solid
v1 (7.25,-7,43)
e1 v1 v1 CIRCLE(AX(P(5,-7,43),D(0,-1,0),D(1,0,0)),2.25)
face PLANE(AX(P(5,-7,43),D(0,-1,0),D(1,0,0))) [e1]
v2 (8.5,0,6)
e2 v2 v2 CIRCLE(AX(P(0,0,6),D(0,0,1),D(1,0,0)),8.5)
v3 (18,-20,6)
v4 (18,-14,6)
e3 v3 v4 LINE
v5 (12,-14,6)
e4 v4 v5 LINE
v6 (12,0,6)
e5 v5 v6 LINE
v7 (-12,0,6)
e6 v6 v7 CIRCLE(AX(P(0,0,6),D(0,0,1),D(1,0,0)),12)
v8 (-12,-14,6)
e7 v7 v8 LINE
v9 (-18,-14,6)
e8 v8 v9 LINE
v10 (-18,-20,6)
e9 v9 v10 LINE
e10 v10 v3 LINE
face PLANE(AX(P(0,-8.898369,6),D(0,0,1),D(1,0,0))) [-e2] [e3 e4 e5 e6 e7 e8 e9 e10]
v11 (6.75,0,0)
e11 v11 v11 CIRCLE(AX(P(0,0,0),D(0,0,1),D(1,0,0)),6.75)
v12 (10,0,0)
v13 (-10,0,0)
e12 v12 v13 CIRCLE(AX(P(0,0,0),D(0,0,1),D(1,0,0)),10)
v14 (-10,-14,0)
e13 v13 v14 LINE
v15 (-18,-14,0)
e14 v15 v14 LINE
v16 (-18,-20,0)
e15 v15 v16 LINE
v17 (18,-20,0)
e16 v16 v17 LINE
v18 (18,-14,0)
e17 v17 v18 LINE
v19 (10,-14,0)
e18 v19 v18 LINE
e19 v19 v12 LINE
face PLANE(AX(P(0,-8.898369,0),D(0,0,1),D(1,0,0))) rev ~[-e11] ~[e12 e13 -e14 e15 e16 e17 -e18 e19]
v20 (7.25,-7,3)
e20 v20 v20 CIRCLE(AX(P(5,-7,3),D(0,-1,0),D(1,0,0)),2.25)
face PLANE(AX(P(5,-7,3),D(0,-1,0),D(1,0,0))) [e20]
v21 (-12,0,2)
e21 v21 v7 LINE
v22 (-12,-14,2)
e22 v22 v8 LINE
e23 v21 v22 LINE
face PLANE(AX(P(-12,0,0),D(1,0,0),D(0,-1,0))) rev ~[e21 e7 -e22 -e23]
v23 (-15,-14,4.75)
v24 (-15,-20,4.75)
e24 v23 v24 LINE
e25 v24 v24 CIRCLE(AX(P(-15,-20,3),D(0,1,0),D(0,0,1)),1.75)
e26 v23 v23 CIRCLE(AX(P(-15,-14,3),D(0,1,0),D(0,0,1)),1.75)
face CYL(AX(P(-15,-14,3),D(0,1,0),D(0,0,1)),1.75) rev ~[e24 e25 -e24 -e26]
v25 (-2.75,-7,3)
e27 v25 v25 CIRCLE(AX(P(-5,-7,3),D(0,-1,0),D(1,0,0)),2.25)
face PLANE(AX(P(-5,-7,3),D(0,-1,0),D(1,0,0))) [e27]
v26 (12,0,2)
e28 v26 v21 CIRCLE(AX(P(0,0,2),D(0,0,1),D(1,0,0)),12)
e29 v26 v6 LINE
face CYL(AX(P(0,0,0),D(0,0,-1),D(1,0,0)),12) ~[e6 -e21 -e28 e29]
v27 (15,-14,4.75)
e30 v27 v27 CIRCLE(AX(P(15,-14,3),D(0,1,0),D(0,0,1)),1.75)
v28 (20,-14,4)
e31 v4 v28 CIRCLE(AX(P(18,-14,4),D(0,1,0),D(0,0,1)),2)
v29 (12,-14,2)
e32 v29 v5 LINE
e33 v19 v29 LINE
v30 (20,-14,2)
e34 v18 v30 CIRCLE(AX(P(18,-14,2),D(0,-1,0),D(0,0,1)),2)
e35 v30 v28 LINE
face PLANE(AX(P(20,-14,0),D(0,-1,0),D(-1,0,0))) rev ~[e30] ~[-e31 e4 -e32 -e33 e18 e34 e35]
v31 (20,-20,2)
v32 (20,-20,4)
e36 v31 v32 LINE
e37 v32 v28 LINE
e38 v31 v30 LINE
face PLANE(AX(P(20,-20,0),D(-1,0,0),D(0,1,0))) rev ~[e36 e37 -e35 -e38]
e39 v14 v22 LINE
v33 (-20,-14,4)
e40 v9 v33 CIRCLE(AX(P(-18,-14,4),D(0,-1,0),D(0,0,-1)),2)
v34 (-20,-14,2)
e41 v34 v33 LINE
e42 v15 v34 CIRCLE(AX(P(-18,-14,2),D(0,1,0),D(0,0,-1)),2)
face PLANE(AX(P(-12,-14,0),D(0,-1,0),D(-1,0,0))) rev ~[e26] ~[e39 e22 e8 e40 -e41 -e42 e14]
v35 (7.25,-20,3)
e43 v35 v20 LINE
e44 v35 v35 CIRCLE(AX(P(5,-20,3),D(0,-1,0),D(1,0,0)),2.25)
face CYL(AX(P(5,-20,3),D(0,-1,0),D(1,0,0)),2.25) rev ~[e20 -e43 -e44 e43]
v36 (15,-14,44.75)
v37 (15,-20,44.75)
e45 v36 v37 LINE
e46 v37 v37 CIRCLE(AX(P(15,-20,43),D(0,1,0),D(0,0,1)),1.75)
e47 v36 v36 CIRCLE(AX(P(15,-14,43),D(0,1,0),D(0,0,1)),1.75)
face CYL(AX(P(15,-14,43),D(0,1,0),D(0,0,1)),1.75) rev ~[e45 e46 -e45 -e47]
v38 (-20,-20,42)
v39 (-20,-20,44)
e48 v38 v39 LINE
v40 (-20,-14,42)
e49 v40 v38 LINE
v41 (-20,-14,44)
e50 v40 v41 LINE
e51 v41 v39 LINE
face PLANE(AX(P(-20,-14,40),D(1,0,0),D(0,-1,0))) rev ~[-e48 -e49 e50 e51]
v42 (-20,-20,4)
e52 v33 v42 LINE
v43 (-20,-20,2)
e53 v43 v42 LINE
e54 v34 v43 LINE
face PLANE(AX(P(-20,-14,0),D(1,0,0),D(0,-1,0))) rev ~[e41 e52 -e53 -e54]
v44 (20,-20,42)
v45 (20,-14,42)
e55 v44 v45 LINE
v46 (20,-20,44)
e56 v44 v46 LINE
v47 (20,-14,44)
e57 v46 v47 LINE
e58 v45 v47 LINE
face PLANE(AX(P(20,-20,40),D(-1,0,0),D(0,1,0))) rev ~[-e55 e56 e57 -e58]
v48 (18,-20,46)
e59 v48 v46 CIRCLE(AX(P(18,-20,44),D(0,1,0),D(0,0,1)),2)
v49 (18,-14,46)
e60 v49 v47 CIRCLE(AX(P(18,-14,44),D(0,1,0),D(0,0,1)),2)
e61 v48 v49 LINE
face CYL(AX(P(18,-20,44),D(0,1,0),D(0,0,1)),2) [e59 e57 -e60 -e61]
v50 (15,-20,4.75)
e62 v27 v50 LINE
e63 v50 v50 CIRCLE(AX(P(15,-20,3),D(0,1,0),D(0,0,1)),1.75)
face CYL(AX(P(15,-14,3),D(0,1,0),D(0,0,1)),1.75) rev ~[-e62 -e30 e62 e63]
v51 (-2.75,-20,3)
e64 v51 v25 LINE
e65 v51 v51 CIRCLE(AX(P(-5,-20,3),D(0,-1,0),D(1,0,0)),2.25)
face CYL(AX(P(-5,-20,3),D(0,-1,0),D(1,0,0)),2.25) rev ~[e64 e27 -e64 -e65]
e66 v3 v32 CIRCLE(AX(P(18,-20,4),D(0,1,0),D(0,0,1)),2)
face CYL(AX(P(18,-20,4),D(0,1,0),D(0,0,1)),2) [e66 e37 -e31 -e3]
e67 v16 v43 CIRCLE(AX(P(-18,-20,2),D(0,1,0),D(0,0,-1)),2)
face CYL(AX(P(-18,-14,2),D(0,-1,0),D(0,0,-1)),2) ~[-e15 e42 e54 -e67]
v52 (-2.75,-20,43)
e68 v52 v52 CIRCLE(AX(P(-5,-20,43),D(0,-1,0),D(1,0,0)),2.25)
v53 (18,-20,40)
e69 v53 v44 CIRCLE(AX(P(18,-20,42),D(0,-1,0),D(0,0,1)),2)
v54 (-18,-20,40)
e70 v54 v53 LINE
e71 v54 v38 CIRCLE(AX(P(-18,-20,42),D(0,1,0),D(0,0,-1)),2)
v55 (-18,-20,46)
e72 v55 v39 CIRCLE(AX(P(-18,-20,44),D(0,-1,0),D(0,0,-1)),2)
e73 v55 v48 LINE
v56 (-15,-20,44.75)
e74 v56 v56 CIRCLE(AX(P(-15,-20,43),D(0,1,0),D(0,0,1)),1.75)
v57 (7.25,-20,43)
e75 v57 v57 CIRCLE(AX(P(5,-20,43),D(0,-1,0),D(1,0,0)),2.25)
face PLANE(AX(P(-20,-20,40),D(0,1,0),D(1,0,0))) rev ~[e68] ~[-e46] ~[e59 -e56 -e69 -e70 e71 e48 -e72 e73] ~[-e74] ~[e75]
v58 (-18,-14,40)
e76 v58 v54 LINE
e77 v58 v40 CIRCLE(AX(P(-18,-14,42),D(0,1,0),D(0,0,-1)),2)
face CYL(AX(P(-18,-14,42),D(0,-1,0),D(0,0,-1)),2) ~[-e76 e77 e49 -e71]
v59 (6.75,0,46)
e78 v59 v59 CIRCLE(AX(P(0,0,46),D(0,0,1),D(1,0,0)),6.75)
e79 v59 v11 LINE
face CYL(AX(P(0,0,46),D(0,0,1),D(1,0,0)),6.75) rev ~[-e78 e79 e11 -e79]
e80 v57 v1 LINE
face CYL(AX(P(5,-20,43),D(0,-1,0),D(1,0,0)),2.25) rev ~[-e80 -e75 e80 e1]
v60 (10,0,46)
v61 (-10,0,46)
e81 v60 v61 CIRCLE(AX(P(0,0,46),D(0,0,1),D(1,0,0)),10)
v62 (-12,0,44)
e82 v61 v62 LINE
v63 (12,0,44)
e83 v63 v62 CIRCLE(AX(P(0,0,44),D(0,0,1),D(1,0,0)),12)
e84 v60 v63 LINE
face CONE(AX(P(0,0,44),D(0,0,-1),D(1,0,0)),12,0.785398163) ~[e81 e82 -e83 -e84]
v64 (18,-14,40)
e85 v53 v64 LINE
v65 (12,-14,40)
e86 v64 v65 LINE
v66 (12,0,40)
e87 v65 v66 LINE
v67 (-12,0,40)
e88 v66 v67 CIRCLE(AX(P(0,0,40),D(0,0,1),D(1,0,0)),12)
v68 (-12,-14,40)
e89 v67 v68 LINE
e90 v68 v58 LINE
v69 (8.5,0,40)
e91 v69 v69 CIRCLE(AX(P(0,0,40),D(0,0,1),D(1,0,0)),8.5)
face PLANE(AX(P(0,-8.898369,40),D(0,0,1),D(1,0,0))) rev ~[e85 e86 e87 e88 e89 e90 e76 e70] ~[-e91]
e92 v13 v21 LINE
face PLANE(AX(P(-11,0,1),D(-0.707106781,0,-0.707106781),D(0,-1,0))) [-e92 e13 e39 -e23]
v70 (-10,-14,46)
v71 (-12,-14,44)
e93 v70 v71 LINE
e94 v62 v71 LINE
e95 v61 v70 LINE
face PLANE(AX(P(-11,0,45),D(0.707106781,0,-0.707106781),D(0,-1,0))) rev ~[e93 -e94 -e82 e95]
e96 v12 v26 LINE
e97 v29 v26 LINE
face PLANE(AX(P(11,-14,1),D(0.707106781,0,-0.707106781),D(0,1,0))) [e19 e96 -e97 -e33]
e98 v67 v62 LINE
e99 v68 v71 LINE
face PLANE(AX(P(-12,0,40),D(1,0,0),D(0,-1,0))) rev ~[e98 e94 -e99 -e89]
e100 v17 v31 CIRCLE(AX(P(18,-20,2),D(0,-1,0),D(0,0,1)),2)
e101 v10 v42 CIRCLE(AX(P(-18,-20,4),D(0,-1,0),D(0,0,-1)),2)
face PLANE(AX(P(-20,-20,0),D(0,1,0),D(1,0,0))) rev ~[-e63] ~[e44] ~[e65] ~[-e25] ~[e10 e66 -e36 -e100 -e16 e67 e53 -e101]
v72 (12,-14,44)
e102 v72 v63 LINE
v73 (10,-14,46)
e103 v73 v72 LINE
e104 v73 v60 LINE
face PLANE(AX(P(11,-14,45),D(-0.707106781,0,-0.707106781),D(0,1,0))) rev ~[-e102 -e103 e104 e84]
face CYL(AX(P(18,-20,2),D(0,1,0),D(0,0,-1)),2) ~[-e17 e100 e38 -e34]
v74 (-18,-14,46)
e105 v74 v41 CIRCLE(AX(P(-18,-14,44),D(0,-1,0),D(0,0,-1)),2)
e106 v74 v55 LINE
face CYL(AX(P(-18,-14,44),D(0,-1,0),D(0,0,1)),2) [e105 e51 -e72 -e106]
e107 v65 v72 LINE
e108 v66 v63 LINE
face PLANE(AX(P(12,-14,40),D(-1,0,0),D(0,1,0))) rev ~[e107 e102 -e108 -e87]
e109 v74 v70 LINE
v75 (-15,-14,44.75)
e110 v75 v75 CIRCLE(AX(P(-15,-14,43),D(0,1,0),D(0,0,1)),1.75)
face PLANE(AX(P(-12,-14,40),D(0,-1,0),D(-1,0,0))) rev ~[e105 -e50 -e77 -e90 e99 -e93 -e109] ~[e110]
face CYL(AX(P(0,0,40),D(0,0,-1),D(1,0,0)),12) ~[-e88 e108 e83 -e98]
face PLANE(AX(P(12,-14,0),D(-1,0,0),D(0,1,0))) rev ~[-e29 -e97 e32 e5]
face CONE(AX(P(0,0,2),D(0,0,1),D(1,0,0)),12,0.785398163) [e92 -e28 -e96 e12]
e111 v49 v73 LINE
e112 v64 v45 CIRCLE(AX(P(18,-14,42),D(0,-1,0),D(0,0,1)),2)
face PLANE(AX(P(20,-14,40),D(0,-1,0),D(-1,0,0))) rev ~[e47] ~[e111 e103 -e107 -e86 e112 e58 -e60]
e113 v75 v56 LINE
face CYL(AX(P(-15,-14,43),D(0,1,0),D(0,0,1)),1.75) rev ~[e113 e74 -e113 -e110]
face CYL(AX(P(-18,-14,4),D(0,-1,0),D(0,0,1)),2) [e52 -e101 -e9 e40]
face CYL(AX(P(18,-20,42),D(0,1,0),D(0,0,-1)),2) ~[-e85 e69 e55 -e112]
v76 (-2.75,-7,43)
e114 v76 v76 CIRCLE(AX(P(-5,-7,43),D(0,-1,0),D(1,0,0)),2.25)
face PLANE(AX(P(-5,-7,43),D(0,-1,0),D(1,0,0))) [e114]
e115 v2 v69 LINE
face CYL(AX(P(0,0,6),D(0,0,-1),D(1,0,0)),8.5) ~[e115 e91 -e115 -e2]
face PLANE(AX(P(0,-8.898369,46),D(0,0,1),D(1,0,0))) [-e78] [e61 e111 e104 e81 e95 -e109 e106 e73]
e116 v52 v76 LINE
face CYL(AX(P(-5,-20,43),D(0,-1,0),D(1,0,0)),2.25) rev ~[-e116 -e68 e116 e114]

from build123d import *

# Parameters (mm, degrees)
BOSS_EXTRUDE1_DEPTH = 6
SKETCH2_R           = 8.5
BOSS_EXTRUDE2_DEPTH = 34
BOSS_EXTRUDE3_DEPTH = 6
SKETCH4_R           = 6.75
CUT_EXTRUDE1_DEPTH  = 55
SKETCH5_R           = 2.25
CUT_EXTRUDE2_DEPTH  = 13
SKETCH9_R           = 1.75
CUT_EXTRUDE5_DEPTH  = 57.497787567
FILLET1_R           = 2
CHAMFER4_SIZE       = 2


with BuildPart() as part:
    # Sketch1 → Boss-Extrude1 (new body)
    with BuildSketch(Plane.XY):
        with BuildLine():
            Line((-12, 0), (-12, -14))
            Line((-12, -14), (-20, -14))
            Line((-20, -14), (-20, -20))
            Line((-20, -20), (-12, -20))
            Line((-12, -20), (12, -20))
            Line((12, -20), (20, -20))
            Line((20, -20), (20, -14))
            Line((20, -14), (12, -14))
            Line((12, -14), (12, 0))
            ThreePointArc((12, 0), (0, 12), (-12, 0))
        make_face()
    extrude(amount=BOSS_EXTRUDE1_DEPTH)

    # Sketch2 → Boss-Extrude2 (add)
    with BuildSketch(Plane.XY.offset(6)):
        Circle(SKETCH2_R)
    extrude(amount=BOSS_EXTRUDE2_DEPTH)

    # Sketch3 → Boss-Extrude3 (add)
    with BuildSketch(Plane.XY.offset(40)):
        with BuildLine():
            Line((-12, 0), (-12, -14))
            Line((-12, -14), (-20, -14))
            Line((-20, -14), (-20, -20))
            Line((-20, -20), (20, -20))
            Line((20, -20), (20, -14))
            Line((20, -14), (12, -14))
            Line((12, -14), (12, 0))
            ThreePointArc((12, 0), (0, 12), (-12, 0))
        make_face()
    extrude(amount=BOSS_EXTRUDE3_DEPTH)

    # Sketch4 → Cut-Extrude1 (cut, through all)
    with BuildSketch(Plane.XY.offset(46)):
        Circle(SKETCH4_R)
    extrude(amount=-CUT_EXTRUDE1_DEPTH, mode=Mode.SUBTRACT)

    # Sketch5 → Cut-Extrude2 (cut)
    with BuildSketch(Plane.XZ.offset(20)):
        with Locations((-5, 43)):
            Circle(SKETCH5_R)
        with Locations((5, 43)):
            Circle(SKETCH5_R)
        with Locations((-5, 3)):
            Circle(SKETCH5_R)
        with Locations((5, 3)):
            Circle(SKETCH5_R)
    extrude(amount=-CUT_EXTRUDE2_DEPTH, mode=Mode.SUBTRACT)

    # Sketch9 → Cut-Extrude5 (cut, through all)
    with BuildSketch(Plane(origin=(0, -14, 0), x_dir=(1, 0, 0), z_dir=(0, 1, 0))):
        with Locations(Location((15, -43, 0), (0, 0, 270))):
            Circle(SKETCH9_R)
        with Locations(Location((-15, -43, 0), (0, 0, 270))):
            Circle(SKETCH9_R)
        with Locations(Location((15, -3, 0), (0, 0, 270))):
            Circle(SKETCH9_R)
        with Locations(Location((-15, -3, 0), (0, 0, 270))):
            Circle(SKETCH9_R)
    extrude(amount=-CUT_EXTRUDE5_DEPTH, mode=Mode.SUBTRACT)

    # Fillet1
    fillet1_edges = [part.edges().sort_by_distance(p)[0] for p in [
        (20, -17, 0),
        (-20, -17, 0),
        (20, -17, 6),
        (-20, -17, 40),
        (20, -17, 40),
        (-20, -17, 46),
        (20, -17, 46),
        (-20, -17, 6),
    ]]
    fillet(fillet1_edges, radius=FILLET1_R)

    # Chamfer4
    chamfer4_edges = [part.edges().sort_by_distance(p)[0] for p in [
        (-12, -7, 0),
        (0, 12, 0),
        (12, -7, 0),
        (12, -7, 46),
        (0, 12, 46),
        (-12, -7, 46),
    ]]
    chamfer(chamfer4_edges, length=CHAMFER4_SIZE)


solid = part.part
